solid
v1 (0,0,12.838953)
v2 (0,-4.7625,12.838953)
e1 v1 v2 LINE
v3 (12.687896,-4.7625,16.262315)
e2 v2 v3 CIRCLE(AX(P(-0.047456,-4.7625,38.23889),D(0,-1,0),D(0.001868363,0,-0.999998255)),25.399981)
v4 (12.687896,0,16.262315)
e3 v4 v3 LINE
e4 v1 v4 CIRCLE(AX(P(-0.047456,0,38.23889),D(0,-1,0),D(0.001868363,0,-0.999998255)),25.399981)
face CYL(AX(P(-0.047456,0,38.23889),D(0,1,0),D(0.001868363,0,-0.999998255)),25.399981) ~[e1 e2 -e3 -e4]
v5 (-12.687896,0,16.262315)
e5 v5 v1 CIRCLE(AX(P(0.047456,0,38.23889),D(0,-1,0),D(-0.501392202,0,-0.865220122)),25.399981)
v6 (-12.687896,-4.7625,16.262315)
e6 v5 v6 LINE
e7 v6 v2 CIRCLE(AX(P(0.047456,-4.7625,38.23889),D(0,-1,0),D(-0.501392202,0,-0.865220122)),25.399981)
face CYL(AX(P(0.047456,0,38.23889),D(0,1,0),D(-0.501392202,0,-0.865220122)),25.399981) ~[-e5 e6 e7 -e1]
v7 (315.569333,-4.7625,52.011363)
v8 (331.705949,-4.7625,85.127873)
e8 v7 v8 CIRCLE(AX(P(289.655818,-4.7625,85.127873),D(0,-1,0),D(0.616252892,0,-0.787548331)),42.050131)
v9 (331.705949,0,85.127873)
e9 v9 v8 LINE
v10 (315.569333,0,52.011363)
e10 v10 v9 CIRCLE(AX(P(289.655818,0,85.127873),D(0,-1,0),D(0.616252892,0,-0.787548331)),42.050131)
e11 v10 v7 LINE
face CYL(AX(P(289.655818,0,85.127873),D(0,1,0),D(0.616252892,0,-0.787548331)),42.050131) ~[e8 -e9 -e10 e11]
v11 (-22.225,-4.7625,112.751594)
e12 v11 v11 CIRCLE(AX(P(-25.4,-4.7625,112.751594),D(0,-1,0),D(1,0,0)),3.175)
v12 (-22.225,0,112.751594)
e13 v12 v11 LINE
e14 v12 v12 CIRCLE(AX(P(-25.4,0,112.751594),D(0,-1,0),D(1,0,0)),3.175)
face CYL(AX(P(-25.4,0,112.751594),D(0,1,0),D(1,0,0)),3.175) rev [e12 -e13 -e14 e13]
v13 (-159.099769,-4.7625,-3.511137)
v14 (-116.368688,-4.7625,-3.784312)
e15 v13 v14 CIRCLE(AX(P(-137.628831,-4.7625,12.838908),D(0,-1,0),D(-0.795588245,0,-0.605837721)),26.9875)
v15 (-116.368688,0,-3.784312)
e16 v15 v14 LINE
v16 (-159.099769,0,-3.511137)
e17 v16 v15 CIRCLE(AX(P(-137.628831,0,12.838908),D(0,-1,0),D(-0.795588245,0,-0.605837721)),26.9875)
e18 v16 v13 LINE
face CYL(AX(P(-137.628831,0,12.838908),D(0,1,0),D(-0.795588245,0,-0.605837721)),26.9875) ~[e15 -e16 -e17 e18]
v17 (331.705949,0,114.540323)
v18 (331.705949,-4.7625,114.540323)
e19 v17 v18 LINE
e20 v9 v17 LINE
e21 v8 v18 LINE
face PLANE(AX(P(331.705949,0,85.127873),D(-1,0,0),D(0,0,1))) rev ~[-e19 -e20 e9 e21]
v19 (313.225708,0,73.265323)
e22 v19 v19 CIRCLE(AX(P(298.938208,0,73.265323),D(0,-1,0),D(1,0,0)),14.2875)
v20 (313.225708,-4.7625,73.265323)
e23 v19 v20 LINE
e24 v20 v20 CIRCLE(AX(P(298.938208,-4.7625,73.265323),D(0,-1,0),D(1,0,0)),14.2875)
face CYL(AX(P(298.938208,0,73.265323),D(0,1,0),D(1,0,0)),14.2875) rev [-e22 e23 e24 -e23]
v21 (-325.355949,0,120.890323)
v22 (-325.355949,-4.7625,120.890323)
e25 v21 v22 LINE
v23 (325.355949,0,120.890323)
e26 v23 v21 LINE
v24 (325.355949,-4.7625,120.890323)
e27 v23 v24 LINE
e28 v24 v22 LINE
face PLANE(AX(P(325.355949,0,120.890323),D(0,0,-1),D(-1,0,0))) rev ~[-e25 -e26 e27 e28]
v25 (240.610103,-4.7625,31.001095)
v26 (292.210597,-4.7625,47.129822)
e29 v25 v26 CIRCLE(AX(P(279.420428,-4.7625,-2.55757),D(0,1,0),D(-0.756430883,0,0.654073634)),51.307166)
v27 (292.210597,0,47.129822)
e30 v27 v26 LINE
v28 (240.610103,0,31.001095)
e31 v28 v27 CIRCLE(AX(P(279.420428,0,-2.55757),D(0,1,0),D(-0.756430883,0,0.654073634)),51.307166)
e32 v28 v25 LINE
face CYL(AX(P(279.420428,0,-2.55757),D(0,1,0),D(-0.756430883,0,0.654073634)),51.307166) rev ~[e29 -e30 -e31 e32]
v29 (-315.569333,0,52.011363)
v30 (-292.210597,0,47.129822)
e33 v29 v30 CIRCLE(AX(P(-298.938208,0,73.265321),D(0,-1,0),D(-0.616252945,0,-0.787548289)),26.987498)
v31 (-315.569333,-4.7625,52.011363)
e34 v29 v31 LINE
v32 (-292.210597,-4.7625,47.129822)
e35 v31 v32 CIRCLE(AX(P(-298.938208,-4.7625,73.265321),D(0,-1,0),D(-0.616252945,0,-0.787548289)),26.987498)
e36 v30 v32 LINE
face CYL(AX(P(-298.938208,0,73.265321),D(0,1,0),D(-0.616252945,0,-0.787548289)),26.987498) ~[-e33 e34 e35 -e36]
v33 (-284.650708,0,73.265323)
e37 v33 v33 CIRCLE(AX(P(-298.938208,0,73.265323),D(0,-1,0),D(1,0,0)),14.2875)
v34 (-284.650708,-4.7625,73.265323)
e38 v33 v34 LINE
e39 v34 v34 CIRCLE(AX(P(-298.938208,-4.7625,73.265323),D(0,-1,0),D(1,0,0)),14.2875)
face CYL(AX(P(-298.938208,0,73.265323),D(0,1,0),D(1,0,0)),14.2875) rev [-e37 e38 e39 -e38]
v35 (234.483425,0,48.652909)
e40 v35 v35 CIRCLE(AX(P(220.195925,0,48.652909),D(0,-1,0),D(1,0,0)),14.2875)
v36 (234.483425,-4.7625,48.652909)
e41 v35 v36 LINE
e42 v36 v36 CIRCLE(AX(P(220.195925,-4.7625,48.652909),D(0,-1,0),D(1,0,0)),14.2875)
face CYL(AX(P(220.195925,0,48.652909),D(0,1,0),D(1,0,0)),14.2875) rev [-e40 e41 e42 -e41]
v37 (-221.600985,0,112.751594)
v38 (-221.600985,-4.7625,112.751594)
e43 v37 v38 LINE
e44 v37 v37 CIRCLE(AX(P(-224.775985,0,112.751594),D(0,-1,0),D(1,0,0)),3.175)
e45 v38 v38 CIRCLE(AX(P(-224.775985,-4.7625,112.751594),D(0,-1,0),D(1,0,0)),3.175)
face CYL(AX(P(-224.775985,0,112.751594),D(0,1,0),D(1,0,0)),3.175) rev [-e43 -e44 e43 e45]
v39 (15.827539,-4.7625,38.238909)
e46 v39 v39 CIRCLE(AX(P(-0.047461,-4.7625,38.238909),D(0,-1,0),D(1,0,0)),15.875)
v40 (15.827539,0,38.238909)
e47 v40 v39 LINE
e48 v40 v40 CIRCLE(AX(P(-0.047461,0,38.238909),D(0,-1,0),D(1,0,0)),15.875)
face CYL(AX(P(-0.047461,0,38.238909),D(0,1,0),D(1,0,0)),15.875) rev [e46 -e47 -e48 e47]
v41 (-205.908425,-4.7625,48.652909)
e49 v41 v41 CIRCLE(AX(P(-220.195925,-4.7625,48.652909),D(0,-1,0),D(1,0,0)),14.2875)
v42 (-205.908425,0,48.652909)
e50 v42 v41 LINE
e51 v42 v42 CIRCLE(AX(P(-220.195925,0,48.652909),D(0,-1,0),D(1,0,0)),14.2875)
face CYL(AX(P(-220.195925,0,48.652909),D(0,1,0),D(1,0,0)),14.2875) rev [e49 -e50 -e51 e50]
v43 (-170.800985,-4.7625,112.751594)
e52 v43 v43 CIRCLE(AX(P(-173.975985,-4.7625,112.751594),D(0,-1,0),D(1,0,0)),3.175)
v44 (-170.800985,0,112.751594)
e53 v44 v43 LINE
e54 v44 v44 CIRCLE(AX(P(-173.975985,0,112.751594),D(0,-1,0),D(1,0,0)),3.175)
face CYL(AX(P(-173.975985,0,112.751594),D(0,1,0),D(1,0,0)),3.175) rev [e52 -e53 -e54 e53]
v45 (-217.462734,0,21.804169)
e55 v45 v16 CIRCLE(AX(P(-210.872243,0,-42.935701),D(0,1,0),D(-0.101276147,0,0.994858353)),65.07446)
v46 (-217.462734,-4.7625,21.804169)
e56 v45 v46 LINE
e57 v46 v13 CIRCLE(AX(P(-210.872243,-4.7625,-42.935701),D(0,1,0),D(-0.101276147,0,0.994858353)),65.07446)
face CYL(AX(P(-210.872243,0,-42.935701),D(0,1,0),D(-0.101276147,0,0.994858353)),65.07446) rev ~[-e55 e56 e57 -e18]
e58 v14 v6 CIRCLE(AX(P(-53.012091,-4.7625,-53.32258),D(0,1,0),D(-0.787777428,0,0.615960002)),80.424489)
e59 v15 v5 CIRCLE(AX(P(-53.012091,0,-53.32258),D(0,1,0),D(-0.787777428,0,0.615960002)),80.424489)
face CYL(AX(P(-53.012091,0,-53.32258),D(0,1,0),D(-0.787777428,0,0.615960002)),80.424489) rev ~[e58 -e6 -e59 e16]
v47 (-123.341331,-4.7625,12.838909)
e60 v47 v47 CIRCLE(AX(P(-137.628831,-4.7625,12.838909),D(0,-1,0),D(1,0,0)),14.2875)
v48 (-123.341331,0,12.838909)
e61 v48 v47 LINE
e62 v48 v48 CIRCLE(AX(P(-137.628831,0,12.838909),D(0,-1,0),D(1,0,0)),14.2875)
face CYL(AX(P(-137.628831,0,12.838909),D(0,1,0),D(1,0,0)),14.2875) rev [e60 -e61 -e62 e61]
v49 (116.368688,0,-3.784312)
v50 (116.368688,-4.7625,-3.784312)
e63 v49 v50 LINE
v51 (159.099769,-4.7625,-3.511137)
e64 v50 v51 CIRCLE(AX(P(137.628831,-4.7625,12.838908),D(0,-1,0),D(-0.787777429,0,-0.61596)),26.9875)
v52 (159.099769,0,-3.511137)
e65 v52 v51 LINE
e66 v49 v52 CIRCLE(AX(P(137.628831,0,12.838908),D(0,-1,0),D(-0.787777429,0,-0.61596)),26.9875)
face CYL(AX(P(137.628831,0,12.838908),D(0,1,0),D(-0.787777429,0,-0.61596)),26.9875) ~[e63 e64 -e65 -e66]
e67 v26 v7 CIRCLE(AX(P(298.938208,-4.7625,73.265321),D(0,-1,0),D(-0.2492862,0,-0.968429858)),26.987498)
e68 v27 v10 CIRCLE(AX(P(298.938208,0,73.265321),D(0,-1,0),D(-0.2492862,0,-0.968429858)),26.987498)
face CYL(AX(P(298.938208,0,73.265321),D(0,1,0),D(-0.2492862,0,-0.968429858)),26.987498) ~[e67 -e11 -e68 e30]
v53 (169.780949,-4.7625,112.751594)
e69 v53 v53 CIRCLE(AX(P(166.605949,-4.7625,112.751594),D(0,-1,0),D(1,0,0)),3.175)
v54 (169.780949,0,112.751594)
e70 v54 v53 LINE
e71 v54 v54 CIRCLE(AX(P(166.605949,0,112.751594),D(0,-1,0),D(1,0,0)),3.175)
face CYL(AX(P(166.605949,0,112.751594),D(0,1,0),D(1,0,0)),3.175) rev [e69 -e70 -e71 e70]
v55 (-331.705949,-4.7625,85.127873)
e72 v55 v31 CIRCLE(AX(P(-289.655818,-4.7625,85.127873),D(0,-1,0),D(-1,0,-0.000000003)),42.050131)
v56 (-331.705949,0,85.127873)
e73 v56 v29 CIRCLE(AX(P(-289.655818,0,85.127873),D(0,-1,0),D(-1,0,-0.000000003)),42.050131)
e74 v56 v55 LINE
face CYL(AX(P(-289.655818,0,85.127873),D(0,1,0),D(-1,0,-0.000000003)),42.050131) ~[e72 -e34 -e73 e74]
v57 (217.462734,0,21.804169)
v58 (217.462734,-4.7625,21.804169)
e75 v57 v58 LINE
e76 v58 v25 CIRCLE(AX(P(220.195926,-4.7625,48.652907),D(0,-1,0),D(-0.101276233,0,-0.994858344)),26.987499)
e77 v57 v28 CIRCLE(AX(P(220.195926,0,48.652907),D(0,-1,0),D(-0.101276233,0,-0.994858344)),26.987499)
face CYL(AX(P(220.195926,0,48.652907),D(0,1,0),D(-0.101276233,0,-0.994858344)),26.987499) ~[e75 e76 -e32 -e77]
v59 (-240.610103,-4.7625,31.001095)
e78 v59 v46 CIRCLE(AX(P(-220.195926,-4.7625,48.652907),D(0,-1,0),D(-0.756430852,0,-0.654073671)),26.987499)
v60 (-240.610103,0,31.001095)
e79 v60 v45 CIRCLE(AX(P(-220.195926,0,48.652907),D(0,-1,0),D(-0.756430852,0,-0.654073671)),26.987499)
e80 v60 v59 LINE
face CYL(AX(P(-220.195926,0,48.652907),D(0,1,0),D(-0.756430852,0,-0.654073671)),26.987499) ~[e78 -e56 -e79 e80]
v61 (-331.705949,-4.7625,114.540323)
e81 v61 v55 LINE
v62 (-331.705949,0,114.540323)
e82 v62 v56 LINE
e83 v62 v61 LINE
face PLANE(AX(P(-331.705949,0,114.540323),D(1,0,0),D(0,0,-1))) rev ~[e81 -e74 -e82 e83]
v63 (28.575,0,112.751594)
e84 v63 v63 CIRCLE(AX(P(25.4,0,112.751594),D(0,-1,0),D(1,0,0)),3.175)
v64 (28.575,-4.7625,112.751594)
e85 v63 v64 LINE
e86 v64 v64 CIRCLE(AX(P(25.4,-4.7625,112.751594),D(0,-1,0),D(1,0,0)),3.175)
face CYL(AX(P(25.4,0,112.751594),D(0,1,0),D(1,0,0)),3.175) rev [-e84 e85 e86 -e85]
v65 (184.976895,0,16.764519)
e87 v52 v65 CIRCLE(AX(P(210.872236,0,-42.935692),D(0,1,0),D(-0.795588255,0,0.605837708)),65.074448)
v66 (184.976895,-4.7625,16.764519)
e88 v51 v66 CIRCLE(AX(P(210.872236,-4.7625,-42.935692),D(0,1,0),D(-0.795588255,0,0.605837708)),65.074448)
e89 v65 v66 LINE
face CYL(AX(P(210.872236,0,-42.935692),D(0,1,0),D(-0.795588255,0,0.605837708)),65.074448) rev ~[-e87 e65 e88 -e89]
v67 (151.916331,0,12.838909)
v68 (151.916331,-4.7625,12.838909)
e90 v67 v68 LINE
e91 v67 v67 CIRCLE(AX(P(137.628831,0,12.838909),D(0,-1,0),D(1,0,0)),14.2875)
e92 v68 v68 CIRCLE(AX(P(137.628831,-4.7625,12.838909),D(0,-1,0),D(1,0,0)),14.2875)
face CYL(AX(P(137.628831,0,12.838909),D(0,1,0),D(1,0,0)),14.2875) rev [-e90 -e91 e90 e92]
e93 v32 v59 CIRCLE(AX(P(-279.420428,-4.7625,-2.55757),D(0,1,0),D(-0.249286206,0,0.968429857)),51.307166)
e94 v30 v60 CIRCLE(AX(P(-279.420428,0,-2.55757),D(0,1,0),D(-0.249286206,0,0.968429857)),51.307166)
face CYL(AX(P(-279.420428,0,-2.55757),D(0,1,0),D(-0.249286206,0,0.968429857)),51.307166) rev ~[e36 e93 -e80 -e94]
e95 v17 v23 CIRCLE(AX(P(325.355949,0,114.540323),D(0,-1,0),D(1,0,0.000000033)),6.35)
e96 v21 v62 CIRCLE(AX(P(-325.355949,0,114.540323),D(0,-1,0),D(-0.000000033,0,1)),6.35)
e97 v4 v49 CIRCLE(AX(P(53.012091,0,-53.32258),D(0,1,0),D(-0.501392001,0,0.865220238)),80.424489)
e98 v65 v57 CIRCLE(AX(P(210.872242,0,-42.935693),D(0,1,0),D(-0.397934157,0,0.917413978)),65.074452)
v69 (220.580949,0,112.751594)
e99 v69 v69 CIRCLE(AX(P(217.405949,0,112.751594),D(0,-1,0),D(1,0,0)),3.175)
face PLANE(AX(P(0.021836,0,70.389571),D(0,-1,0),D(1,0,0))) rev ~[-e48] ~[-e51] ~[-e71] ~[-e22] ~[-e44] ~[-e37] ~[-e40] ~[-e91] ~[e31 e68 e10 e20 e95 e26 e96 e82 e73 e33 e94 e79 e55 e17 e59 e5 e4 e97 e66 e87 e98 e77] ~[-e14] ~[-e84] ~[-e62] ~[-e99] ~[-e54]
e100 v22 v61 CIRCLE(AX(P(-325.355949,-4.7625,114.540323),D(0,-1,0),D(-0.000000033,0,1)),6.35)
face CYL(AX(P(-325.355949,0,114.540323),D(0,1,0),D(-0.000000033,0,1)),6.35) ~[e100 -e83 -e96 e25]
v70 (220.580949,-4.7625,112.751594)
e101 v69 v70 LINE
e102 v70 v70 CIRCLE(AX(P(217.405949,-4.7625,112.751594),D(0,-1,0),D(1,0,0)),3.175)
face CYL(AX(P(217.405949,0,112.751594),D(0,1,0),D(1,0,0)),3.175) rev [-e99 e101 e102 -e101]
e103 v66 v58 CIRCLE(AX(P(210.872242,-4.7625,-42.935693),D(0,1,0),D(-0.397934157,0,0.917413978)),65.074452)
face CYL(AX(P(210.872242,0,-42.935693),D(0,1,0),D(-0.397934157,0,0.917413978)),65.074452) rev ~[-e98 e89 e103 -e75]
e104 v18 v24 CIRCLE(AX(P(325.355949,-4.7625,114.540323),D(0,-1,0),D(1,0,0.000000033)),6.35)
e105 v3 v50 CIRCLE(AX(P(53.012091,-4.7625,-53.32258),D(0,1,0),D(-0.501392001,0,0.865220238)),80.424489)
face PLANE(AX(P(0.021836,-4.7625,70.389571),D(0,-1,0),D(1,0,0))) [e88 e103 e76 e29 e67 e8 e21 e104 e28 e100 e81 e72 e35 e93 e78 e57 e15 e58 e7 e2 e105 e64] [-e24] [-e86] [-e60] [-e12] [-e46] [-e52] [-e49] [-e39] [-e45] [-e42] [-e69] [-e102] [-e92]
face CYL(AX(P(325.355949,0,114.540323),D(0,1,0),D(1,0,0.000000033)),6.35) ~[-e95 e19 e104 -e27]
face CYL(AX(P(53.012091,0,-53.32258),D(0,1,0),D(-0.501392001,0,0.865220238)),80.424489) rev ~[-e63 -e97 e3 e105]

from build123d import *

# Parameters (mm, degrees)
F0_R     = 14.2875
F0_R_2   = 15.875
F0_R_3   = 3.175
F1_DEPTH = 4.7625


with BuildPart() as f1:
    # F0 (on Front) → F1 (new body)
    with BuildSketch(Plane.XZ):
        with BuildLine():
            ThreePointArc((315.569333, 52.011363), (327.457142, 66.708497), (331.705949, 85.127873))
            Line((331.705949, 85.127873), (331.705949, 114.540323))
            ThreePointArc((331.705949, 114.540323), (329.846077, 119.030451), (325.355949, 120.890323))
            Line((325.355949, 120.890323), (0, 120.890323))
            Line((0, 120.890323), (-325.355949, 120.890323))
            ThreePointArc((-325.355949, 120.890323), (-329.846077, 119.030451), (-331.705949, 114.540323))
            Line((-331.705949, 114.540323), (-331.705949, 85.127873))
            ThreePointArc((-331.705949, 85.127873), (-327.457142, 66.708497), (-315.569333, 52.011363))
            ThreePointArc((-315.569333, 52.011363), (-304.458829, 46.848512), (-292.210597, 47.129822))
            ThreePointArc((-292.210597, 47.129822), (-264.113695, 46.413128), (-240.610103, 31.001095))
            ThreePointArc((-240.610103, 31.001095), (-230.160873, 23.572538), (-217.462734, 21.804169))
            ThreePointArc((-217.462734, 21.804169), (-184.976895, 16.764519), (-159.099769, -3.511137))
            ThreePointArc((-159.099769, -3.511137), (-137.801356, -14.14804), (-116.368688, -3.784312))
            ThreePointArc((-116.368688, -3.784312), (-68.279366, 25.639491), (-12.687896, 16.262315))
            ThreePointArc((-12.687896, 16.262315), (-6.569182, 13.715857), (0, 12.838953))
            ThreePointArc((0, 12.838953), (6.569182, 13.715857), (12.687896, 16.262315))
            ThreePointArc((12.687896, 16.262315), (68.279366, 25.639491), (116.368688, -3.784312))
            ThreePointArc((116.368688, -3.784312), (137.801356, -14.14804), (159.099769, -3.511137))
            ThreePointArc((159.099769, -3.511137), (170.736869, 8.287703), (184.976895, 16.764519))
            ThreePointArc((184.976895, 16.764519), (200.896327, 21.369559), (217.462734, 21.804169))
            ThreePointArc((217.462734, 21.804169), (230.160873, 23.572538), (240.610103, 31.001095))
            ThreePointArc((240.610103, 31.001095), (264.113695, 46.413128), (292.210597, 47.129822))
            ThreePointArc((292.210597, 47.129822), (304.458829, 46.848512), (315.569333, 52.011363))
        make_face()
        with Locations((-137.628831, 12.838909)):
            Circle(F0_R, mode=Mode.SUBTRACT)
        with Locations((-220.195925, 48.652909)):
            Circle(F0_R, mode=Mode.SUBTRACT)
        with Locations((-0.047461, 38.238909)):
            Circle(F0_R_2, mode=Mode.SUBTRACT)
        with Locations((137.628831, 12.838909)):
            Circle(F0_R, mode=Mode.SUBTRACT)
        with Locations((220.195925, 48.652909)):
            Circle(F0_R, mode=Mode.SUBTRACT)
        with Locations((-298.938208, 73.265323)):
            Circle(F0_R, mode=Mode.SUBTRACT)
        with Locations((-224.775985, 112.751594)):
            Circle(F0_R_3, mode=Mode.SUBTRACT)
        with Locations((-173.975985, 112.751594)):
            Circle(F0_R_3, mode=Mode.SUBTRACT)
        with Locations((-25.4, 112.751594)):
            Circle(F0_R_3, mode=Mode.SUBTRACT)
        with Locations((298.938208, 73.265323)):
            Circle(F0_R, mode=Mode.SUBTRACT)
        with Locations((25.4, 112.751594)):
            Circle(F0_R_3, mode=Mode.SUBTRACT)
        with Locations((166.605949, 112.751594)):
            Circle(F0_R_3, mode=Mode.SUBTRACT)
        with Locations((217.405949, 112.751594)):
            Circle(F0_R_3, mode=Mode.SUBTRACT)
    extrude(amount=F1_DEPTH)


solid = f1.part
